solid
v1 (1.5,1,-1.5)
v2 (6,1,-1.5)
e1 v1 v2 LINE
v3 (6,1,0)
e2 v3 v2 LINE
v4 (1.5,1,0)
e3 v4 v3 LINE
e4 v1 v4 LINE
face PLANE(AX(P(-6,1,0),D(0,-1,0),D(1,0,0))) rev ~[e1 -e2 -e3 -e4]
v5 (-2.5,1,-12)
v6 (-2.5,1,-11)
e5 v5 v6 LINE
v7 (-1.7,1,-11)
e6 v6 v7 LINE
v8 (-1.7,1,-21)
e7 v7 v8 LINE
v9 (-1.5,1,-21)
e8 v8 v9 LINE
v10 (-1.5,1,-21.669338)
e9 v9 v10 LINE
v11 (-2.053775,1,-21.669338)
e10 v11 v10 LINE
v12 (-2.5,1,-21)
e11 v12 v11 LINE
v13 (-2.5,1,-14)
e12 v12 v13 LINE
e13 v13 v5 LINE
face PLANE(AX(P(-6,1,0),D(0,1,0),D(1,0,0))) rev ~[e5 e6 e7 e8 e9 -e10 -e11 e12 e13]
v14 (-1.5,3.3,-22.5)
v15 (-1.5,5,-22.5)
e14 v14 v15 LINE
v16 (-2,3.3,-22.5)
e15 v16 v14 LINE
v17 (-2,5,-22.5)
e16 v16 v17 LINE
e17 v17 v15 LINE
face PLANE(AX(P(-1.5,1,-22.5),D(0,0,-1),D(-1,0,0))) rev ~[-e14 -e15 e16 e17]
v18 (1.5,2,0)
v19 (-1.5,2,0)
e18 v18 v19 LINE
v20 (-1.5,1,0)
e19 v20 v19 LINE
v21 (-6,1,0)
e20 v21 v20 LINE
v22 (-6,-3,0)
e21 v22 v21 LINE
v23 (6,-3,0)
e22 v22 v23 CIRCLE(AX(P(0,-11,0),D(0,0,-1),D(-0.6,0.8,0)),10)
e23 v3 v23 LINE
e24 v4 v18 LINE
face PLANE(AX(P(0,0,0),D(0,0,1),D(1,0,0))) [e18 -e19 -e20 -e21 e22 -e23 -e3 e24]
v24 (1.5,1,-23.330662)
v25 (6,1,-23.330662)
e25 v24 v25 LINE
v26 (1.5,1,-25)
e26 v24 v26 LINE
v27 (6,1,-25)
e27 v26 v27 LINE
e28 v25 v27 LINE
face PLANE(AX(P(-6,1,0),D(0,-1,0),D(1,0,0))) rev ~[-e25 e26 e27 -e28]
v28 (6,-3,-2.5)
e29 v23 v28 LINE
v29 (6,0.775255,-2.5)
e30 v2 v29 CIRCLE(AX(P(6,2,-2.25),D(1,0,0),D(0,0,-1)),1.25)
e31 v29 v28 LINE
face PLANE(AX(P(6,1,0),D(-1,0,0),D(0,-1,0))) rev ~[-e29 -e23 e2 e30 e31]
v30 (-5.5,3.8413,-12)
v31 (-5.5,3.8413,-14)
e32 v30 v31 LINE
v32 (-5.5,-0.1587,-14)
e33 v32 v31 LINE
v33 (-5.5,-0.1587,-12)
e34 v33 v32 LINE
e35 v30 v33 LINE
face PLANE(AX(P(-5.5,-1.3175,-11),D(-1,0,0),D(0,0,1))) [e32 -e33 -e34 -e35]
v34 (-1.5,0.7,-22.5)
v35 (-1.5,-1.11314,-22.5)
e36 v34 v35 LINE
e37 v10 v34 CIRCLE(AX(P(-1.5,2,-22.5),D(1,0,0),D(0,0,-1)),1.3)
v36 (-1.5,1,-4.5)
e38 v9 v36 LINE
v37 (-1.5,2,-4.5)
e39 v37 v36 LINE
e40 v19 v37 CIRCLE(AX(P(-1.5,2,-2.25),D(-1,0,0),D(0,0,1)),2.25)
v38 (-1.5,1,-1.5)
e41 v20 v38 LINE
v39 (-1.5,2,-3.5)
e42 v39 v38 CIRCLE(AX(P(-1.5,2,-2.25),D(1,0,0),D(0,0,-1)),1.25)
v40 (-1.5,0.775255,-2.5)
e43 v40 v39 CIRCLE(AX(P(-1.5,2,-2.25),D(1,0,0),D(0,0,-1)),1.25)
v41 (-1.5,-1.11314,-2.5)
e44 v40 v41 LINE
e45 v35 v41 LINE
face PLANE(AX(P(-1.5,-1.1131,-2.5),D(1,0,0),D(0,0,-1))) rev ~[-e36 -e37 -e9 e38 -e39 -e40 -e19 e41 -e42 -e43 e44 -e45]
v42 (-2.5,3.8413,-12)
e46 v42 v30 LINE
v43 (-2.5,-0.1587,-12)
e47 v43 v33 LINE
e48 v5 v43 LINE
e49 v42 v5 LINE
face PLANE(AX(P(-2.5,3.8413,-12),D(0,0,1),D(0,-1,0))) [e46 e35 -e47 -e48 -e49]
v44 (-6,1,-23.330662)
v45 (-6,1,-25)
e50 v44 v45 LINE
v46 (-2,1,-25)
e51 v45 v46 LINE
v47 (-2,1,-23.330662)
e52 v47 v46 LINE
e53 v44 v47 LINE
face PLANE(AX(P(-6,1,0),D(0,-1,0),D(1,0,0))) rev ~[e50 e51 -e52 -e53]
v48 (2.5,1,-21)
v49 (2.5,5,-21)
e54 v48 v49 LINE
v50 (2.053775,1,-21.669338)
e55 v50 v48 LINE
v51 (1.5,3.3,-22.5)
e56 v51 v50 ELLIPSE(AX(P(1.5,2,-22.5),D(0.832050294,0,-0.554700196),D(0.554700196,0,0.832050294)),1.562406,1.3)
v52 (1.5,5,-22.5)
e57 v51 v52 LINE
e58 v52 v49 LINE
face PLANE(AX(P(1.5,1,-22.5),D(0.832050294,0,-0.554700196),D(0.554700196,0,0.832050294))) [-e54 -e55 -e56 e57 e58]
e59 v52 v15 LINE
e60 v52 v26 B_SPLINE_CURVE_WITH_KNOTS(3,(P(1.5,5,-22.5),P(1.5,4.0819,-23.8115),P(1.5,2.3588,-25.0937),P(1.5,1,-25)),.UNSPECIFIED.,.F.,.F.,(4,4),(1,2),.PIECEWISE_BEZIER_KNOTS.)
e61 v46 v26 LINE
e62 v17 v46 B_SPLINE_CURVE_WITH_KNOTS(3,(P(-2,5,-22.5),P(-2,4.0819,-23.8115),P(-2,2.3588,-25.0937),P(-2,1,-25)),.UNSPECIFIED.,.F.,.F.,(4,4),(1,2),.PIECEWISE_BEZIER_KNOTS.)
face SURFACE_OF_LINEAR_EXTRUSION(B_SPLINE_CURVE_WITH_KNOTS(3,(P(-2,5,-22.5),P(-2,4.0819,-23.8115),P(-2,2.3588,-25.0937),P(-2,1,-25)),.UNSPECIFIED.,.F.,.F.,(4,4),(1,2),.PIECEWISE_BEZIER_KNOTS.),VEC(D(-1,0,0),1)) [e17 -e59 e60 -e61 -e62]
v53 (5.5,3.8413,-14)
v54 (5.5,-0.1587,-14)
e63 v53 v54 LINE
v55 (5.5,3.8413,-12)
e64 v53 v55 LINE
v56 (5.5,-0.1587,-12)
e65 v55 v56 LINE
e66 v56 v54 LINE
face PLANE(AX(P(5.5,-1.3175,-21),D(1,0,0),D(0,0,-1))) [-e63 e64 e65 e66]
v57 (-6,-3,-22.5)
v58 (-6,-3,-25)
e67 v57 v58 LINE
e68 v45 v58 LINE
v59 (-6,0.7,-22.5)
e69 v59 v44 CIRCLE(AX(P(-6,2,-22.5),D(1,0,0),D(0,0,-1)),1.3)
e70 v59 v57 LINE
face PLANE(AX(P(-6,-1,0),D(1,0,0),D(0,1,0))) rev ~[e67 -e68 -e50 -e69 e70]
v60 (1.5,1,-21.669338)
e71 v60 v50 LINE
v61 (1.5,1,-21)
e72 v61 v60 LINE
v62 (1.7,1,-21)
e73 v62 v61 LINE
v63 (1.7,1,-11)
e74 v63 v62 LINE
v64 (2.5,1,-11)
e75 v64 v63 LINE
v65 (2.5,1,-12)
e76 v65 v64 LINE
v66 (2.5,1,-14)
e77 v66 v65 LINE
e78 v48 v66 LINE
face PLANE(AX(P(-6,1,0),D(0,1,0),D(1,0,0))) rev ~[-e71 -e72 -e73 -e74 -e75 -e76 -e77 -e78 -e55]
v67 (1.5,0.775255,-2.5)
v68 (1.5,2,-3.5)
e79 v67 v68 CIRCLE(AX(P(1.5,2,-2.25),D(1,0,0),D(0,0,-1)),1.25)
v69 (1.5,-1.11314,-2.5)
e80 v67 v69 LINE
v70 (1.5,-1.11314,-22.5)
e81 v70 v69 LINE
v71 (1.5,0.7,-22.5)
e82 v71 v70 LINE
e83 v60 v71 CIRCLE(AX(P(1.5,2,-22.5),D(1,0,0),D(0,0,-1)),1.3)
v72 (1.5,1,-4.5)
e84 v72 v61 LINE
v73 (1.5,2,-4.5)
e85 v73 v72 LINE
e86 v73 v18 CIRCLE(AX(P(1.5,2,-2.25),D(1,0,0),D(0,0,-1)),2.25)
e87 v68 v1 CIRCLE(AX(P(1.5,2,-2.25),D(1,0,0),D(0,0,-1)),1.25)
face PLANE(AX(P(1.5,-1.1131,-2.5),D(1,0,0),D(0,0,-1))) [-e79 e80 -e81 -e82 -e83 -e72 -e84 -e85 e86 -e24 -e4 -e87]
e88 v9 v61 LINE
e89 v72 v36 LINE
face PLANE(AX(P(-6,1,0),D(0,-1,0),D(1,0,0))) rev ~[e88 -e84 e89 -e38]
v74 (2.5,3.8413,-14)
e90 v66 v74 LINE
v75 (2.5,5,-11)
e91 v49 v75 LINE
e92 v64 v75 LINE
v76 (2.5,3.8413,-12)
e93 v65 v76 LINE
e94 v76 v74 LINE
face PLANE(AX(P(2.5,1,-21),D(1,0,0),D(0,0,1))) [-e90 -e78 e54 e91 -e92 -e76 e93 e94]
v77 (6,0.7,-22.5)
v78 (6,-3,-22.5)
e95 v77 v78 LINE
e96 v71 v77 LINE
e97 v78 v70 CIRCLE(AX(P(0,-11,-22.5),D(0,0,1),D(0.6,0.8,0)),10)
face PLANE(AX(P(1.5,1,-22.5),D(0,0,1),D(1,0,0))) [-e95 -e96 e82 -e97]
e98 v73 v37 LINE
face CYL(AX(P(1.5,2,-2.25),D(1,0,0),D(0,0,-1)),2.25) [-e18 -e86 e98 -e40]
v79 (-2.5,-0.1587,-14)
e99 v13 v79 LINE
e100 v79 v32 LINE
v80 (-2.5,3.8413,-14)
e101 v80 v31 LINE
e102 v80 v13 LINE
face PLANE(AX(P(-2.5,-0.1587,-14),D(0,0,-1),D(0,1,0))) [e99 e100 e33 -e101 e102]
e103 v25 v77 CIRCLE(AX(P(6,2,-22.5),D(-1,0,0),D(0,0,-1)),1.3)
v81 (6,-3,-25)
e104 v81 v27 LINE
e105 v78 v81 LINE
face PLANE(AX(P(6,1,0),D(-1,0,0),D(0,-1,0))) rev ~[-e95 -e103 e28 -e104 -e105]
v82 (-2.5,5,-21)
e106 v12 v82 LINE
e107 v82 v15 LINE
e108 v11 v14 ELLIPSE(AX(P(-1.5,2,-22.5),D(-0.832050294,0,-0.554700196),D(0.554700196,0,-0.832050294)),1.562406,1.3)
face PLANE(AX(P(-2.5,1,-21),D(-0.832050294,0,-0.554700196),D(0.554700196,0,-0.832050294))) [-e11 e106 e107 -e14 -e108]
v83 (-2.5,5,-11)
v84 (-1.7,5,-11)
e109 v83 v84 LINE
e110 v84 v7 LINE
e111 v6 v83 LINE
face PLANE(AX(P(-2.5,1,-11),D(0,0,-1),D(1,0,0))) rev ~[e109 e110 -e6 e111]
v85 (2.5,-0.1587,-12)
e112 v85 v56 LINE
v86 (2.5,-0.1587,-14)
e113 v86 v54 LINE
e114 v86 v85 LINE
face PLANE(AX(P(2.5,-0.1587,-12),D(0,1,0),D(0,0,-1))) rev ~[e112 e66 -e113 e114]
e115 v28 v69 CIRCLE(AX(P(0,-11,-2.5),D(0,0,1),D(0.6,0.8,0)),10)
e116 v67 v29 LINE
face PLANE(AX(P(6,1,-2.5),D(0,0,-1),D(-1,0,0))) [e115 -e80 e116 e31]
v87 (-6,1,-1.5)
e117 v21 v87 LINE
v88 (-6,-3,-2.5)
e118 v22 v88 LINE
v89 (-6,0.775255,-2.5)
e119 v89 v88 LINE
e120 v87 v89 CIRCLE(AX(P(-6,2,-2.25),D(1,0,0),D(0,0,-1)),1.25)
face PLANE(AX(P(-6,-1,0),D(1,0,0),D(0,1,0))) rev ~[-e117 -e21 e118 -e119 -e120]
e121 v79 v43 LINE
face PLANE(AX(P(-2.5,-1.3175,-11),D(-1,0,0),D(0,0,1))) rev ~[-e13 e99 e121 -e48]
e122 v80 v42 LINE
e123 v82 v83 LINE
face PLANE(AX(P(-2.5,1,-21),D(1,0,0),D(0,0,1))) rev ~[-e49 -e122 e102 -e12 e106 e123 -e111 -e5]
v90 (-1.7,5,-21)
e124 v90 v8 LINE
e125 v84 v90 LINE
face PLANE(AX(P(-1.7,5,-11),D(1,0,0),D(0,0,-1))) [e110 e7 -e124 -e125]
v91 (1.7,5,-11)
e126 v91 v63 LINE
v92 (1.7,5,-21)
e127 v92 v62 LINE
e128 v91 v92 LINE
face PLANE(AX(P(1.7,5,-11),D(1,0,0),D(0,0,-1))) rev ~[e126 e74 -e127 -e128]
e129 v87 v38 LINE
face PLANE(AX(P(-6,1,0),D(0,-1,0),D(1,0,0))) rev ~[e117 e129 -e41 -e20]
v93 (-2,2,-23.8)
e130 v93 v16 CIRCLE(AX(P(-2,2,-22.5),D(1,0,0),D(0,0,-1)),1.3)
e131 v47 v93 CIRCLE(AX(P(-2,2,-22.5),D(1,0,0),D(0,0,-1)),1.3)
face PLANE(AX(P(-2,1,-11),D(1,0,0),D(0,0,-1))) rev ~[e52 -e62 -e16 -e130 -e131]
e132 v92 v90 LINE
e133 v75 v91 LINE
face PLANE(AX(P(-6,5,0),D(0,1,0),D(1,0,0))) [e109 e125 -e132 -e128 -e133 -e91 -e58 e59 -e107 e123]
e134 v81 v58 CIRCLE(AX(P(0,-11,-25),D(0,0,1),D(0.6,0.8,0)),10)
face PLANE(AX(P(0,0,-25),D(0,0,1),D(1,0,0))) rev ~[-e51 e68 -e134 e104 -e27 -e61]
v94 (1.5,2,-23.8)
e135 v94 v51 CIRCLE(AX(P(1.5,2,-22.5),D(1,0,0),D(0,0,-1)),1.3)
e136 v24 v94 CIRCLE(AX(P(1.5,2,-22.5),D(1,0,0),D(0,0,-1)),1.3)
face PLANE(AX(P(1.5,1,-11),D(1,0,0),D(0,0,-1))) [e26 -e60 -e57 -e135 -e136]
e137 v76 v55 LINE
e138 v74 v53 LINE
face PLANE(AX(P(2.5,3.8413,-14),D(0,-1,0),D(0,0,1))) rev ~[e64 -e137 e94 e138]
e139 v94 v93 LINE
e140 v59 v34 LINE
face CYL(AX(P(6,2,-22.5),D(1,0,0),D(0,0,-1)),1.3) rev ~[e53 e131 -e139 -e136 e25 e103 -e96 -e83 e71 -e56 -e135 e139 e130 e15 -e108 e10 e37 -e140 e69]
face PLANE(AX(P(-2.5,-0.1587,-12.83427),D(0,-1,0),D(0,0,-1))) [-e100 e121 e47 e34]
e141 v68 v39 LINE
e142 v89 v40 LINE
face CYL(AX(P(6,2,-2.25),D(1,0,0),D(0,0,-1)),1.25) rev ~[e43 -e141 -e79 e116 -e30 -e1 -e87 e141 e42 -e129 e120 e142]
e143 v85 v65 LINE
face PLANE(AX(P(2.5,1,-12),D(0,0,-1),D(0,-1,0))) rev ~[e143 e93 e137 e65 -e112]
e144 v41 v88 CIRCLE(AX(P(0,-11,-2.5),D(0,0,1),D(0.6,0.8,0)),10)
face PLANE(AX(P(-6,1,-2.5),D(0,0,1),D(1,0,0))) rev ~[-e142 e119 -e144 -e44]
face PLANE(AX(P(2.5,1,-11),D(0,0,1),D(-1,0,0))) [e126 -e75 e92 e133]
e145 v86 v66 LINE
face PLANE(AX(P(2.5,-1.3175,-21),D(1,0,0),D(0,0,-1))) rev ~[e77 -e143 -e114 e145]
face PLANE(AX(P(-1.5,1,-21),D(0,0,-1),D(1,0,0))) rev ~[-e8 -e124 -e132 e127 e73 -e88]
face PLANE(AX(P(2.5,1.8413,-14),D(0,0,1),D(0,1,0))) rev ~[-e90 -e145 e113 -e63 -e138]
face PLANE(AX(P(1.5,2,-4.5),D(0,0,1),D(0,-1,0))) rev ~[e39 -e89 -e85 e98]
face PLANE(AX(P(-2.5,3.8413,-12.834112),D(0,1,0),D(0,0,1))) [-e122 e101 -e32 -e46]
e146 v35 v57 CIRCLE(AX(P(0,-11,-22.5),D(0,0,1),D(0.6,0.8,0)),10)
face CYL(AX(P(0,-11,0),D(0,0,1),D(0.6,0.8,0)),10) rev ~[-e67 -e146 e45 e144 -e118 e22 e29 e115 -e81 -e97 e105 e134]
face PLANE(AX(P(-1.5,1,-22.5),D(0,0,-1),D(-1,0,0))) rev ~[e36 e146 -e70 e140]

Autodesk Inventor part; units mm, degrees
ref_plane "YZ Plane" through (0, 0, 0) normal (1, 0, 0) x (0, 1, 0)
ref_plane "XZ Plane" through (0, 0, 0) normal (0, 1, 0) x (-1, 0, 0)
sketch "Sketch1" plane through (0, 0, 0) normal (0, 0, 1) x (1, 0, 0)
  line L0 (-6, 1) -> (6, 1)
  line L1 (6, 1) -> (6, -1)
  line L2 (6, -1) -> (-6, -1)
  line L3 (-6, -1) -> (-6, 1)
  line L4 (-6, 1) -> (6, -1) construction
  line L5 (6, 1) -> (-6, -1) construction
  line L6 (-6, -1) -> (-6, -3)
  line L7 (6, -1) -> (6, -3)
  arc A0 (6, -3) -> (-6, -3) centre (0, -11) ccw
  point P0 (0, 0)
  dimension "d0" = 12
  dimension "d1" = 2
  dimension "d2" = 2
  dimension "d3" = 2
extrude "Extrusion1" add sketch "Sketch1" against normal blind 25
sketch "Sketch2" plane through (-6, 1, 0) normal (0, 1, 0) x (1, 0, 0)
  line L0 (12, 0) -> (12, 25) projected
  line L1 (0, 0) -> (0, 25) projected
  line L2 (0, 0) -> (0, 2.5)
  line L3 (12, 0) -> (12, 2.5)
  line L4 (0, 25) -> (0, 22.5)
  line L5 (12, 25) -> (12, 22.5)
  line L6 (0, 2.5) -> (4.5, 2.5)
  line L7 (4.5, 2.5) -> (4.5, 22.5)
  line L8 (4.5, 22.5) -> (0, 22.5)
  line L9 (0, 22.5) -> (0, 2.5)
  line L10 (12, 2.5) -> (7.5, 2.5)
  line L11 (7.5, 2.5) -> (7.5, 22.5)
  line L12 (7.5, 22.5) -> (12, 22.5)
  line L13 (12, 22.5) -> (12, 2.5)
  point P0 (6, 0)
  dimension "d6" = 2.5
  dimension "d7" = 2.5
  dimension "d8" = 2.5
  dimension "d9" = 2.5
  dimension "d10" = 12
  dimension "d11" = 4.5
  dimension "d12" = 4.5
extrude "Extrusion2" cut sketch "Sketch2" against normal blind 25
sketch "Sketch3" plane through (-6, 1, 0) normal (0, 1, 0) x (1, 0, 0)
  line L0 (7.5, 2.5) -> (7.5, 22.5) projected
  line L1 (4.5, 22.5) -> (4.5, 2.5) projected
  line L2 (0, 0) -> (0, 2.5) projected
  line L3 (4.5, 2.5) -> (4.5, 3.5)
  line L4 (7.5, 2.5) -> (7.5, 3.5)
  line L5 (4.5, 3.5) -> (4.5, 5)
  line L6 (4.5, 5) -> (5, 5)
  line L7 (5, 5) -> (5, 3.5)
  line L8 (5, 3.5) -> (4.5, 3.5)
  line L9 (7.5, 3.5) -> (7.5, 5)
  line L10 (7.5, 5) -> (7, 5)
  line L11 (7, 5) -> (7, 3.5)
  line L12 (7, 3.5) -> (7.5, 3.5)
  line L13 (4.5, 2.5) -> (4.5, 7)
  line L14 (4.5, 7) -> (0, 7)
  line L15 (0, 7) -> (0, 8.5)
  line L16 (0, 8.5) -> (4.5, 8.5)
  line L17 (7.5, 7) -> (12, 7)
  line L18 (12, 7) -> (12, 8.5)
  line L19 (12, 8.5) -> (7.5, 8.5)
  line L20 (4.5, 7) -> (4.5, 21)
  line L21 (7.5, 7) -> (7.5, 21)
  line L22 (4.5, 21) -> (7.5, 21)
  line L23 (7.5, 21) -> (7.5, 22.5)
  line L24 (7.5, 22.5) -> (4.5, 22.5)
  line L25 (4.5, 22.5) -> (4.5, 21)
  line L26 (4.5, 21) -> (3.5, 21)
  line L27 (3.5, 21) -> (3.5, 11)
  line L28 (3.5, 11) -> (4.5, 11)
  line L29 (4.5, 11) -> (4.5, 21)
  line L30 (7.5, 21) -> (8.5, 21)
  line L31 (8.5, 21) -> (8.5, 11)
  line L32 (8.5, 11) -> (7.5, 11)
  line L33 (7.5, 11) -> (7.5, 21)
  line L34 (3.5, 21) -> (4.5, 22.5)
  line L35 (7.5, 22.5) -> (8.5, 21)
  line L36 (7.5, 5) -> (8, 5)
  line L37 (8, 5) -> (8, 3.5)
  line L38 (8, 3.5) -> (7.5, 3.5)
  line L39 (4.5, 5) -> (4, 5)
  line L40 (4, 5) -> (4, 3.5)
  line L41 (4, 3.5) -> (5, 3.5)
  point P0 (12, 25)
  point P1 (12, 0)
  point P2 (6, 0)
  dimension "d15" = 1
  dimension "d16" = 1.5
  dimension "d17" = 0.5
  dimension "d18" = 0.5
  dimension "d19" = 4.5
  dimension "d20" = 1.5
  dimension "d21" = 14
  dimension "d22" = 4.5
  dimension "d23" = 4.5
  dimension "d24" = 14
  dimension "d25" = 25
  dimension "d26" = 1.5
  dimension "d29" = 1
  dimension "d30" = 10
  dimension "d31" = 1
  dimension "d34" = 0.5
  dimension "d35" = 0.5
  dimension "d50" = 10
extrude "Extrusion3" add sketch "Sketch3" along normal blind 4 contours L0 L30 L31 L32 | L22 L1 L24 L0 | L0 L35 L30 | L26 L34 L1 | L1 L28 L27 L26
ref_plane "Work Plane1" through (-1.5, 1, -12.5) normal (-1, 0, 0) x (0, 0, 1)
sketch "Sketch8" plane through (-2.5, -1.3175, -11) normal (-1, 0, 0) x (0, 0, 1)
  line L0 (-10, 0) -> (0, 6.3175)
  line L1 (-10, 6.3175) -> (-11.5, 6.3175) projected
  line L2 (0, 0) -> (-10, 0) projected
  line L3 (-10, 6.3175) -> (0, 0)
  line L4 (-4, 1.1588) -> (-4, 5.1588)
  line L5 (-6, 1.1588) -> (-4, 5.1588) construction
  line L6 (-4, 1.1588) -> (-6, 5.1588) construction
  line L7 (-5, 3.1588) -> (-2, 3.1588)
  line L8 (-3, 5.1588) -> (-1, 5.1588)
  line L9 (-1, 5.1588) -> (-1, 1.1588)
  line L10 (-1, 1.1588) -> (-3, 1.1588)
  line L11 (-3, 1.1588) -> (-3, 5.1588)
  line L12 (-3, 5.1588) -> (-1, 1.1588) construction
  line L13 (-1, 5.1588) -> (-3, 1.1588) construction
  line L14 (0, 2.3175) -> (0, 6.3175) projected
  line L15 (-10, 6.3175) -> (0, 6.3175) projected
  line L16 (-6, 5.1588) -> (-3, 5.1588)
  point P0 (11, 1.3175)
  dimension "d51" = 2
  dimension "d52" = 4
  dimension "d103" = 3
  dimension "d104" = 2
  dimension "d105" = 4
extrude "Extrusion8" add sketch "Sketch8" along normal blind 3 contours L10 L11 L3 | L3 L11 L0 L8 L9 L10 | L11 L8 L0
sketch "Sketch9" plane through (2.5, -1.3175, -21) normal (1, 0, 0) x (0, 0, -1)
  line L0 (-10, 6.3175) -> (0, 0)
  line L1 (0, 2.3175) -> (0, 6.3175) projected
  line L2 (0, 0) -> (-10, 0) projected
  line L3 (0, 6.3175) -> (-10, 0)
  line L4 (-6, 5.1588) -> (-6, 1.1588)
  line L5 (-4, 5.1588) -> (-6, 1.1588) construction
  line L6 (-6, 5.1588) -> (-4, 1.1588) construction
  line L7 (-5, 3.1588) -> (-8, 3.1588)
  line L8 (-9, 2.3175) -> (-9, 1.1588) projected
  line L9 (-7, 5.1588) -> (-9, 5.1588)
  line L10 (-9, 5.1588) -> (-9, 1.1588)
  line L11 (-9, 1.1588) -> (-7, 1.1588)
  line L12 (-7, 1.1588) -> (-7, 5.1588)
  line L13 (-7, 5.1588) -> (-9, 1.1588) construction
  line L14 (-9, 5.1588) -> (-7, 1.1588) construction
  point P0 (-21, 1.3175)
  dimension "d55" = 2
  dimension "d56" = 4
  dimension "d106" = 3
extrude "Extrusion9" add sketch "Sketch9" along normal blind 3 contours L12 L3 L11 L8 L10 L9 L0 | L0 L9 L12 | L12 L11 L3
ref_plane "Work Plane2" through (-2, 1, -11) normal (1, 0, 0) x (0, 0, -1)
sketch "Sketch12" plane through (-2, 1, -11) normal (1, 0, 0) x (0, 0, -1)
  line L0 (11.5, 0) -> (11.5, 4) projected
  line L1 (14, -4) -> (14, 0) projected
  line L2 (14, 0) -> (11.5, 4)
  line L3 (11.5, 0) -> (14, 0) projected
  line L4 (14, 0) -> (11.5, 0)
  line L5 (11.5, 4) -> (12.8115, 3.0819) construction
  line L6 (12.8115, 3.0819) -> (14.0937, 1.3588) construction
  line L7 (14.0937, 1.3588) -> (14, 0) construction
  spline S0 degree 3 poles (11.5, 4) (12.8115, 3.0819) (14.0937, 1.3588) (14, 0) knots 1 1 1 1 2 2 2 2
  point P0 (-11, -1)
extrude "Extrusion12" add sketch "Sketch12" along normal up to surface (3.5 mm away)
sketch "Sketch15" plane through (2.5, -1.3175, -21) normal (1, 0, 0) x (0, 0, -1)
  line L0 (1.5, 2.3175) -> (4, 2.3175) projected
  line L1 (1.5, 2.3175) -> (1.5, 6.3175) projected
  line L2 (4, 2.3175) -> (1.5, 2.3175) projected
  line L3 (1.5, 2.3175) -> (1.5, 3.3175)
  circle A0 centre (1.5, 3.3175) radius 1.3
  point P0 (-21, 1.3175)
  dimension "d77" = 1
  dimension "d78" = 2.6
extrude "Extrusion14" cut sketch "Sketch15" against normal up to surface (12 mm away) from surface at 3.5
sketch "Sketch16" plane through (-6, 5, 0) normal (0, 1, 0) x (1, 0, 0)
  line L0 (3.5, 11) -> (4.5, 11) projected
  line L1 (4.5, 11) -> (4.5, 21) projected
  line L2 (7.5, 21) -> (7.5, 11) projected
  line L3 (7.5, 11) -> (8.5, 11) projected
  line L4 (4.5, 11) -> (4.3, 11)
  line L5 (4.3, 11) -> (4.3, 21)
  line L6 (4.3, 21) -> (4.5, 21)
  line L7 (7.5, 11) -> (7.5, 21) projected
  line L8 (7.5, 11) -> (7.7, 11)
  line L9 (7.7, 11) -> (7.7, 21)
  line L10 (7.7, 21) -> (7.5, 21)
  line L11 (7.5, 21) -> (7.5, 11)
  point P0 (6, 0)
  dimension "d81" = 0.2
  dimension "d82" = 0.2
  dimension "d83" = 0.2
extrude "Extrusion15" cut sketch "Sketch16" against normal up to surface (4 mm away)
sketch "Sketch17" plane through (1.5, -1.1131, -2.5) normal (1, 0, 0) x (0, 0, -1)
  line L0 (0, 2.1131) -> (18.5, 2.1131) projected
  line L1 (-2.5, 2.1131) -> (0, 2.1131) projected
  line L2 (-2.5, 2.1131) -> (-2.5, 3.1131)
  line L3 (-2.5, 3.1131) -> (-1.5, 3.1131)
  line L4 (-1.5, 3.1131) -> (1, 3.1131)
  line L5 (1, 3.1131) -> (2, 3.1131)
  line L6 (-0.25, 3.1131) -> (-0.25, 4.3631)
  line L7 (-0.25, 4.3631) -> (-0.25, 5.3631)
  line L8 (-2.5, 2.1131) -> (2, 2.1131)
  line L9 (2, 3.1131) -> (2, 2.1131)
  arc A0 (2, 3.1131) -> (-2.5, 3.1131) centre (-0.25, 3.1131) ccw
  dimension "d94" = 1
  dimension "d95" = 1
  dimension "d96" = 2.5
  dimension "d97" = 1
  dimension "d98" = 1.25
  dimension "d99" = 1
extrude "Extrusion16" add sketch "Sketch17" against normal up to surface (3 mm away)
sketch "Sketch19" plane through (6, -3, 0) normal (1, 0, 0) x (0, 0, -1)
  arc A0 (4.5, 5) -> (0, 5) centre (2.25, 5) ccw projected
  circle A1 centre (2.25, 5) radius 1.25
  point P0 (0, 3)
  dimension "d100" = 2.5
extrude "Extrusion17" cut sketch "Sketch19" against normal up to surface (12 mm away)
equation "\"d7\" = d6"
equation "\"d8\" = d6"
equation "\"d9\" = d6"
equation "\"d12\" = d11"
equation "\"d18\" = d17"
equation "\"d22\" = d23"
equation "\"d24\" = d21"
equation "\"d31\" = d29"
equation "\"d50\" = d30"
equation "\"d82\" = d81"
properties part number "back_pack_3.1"
